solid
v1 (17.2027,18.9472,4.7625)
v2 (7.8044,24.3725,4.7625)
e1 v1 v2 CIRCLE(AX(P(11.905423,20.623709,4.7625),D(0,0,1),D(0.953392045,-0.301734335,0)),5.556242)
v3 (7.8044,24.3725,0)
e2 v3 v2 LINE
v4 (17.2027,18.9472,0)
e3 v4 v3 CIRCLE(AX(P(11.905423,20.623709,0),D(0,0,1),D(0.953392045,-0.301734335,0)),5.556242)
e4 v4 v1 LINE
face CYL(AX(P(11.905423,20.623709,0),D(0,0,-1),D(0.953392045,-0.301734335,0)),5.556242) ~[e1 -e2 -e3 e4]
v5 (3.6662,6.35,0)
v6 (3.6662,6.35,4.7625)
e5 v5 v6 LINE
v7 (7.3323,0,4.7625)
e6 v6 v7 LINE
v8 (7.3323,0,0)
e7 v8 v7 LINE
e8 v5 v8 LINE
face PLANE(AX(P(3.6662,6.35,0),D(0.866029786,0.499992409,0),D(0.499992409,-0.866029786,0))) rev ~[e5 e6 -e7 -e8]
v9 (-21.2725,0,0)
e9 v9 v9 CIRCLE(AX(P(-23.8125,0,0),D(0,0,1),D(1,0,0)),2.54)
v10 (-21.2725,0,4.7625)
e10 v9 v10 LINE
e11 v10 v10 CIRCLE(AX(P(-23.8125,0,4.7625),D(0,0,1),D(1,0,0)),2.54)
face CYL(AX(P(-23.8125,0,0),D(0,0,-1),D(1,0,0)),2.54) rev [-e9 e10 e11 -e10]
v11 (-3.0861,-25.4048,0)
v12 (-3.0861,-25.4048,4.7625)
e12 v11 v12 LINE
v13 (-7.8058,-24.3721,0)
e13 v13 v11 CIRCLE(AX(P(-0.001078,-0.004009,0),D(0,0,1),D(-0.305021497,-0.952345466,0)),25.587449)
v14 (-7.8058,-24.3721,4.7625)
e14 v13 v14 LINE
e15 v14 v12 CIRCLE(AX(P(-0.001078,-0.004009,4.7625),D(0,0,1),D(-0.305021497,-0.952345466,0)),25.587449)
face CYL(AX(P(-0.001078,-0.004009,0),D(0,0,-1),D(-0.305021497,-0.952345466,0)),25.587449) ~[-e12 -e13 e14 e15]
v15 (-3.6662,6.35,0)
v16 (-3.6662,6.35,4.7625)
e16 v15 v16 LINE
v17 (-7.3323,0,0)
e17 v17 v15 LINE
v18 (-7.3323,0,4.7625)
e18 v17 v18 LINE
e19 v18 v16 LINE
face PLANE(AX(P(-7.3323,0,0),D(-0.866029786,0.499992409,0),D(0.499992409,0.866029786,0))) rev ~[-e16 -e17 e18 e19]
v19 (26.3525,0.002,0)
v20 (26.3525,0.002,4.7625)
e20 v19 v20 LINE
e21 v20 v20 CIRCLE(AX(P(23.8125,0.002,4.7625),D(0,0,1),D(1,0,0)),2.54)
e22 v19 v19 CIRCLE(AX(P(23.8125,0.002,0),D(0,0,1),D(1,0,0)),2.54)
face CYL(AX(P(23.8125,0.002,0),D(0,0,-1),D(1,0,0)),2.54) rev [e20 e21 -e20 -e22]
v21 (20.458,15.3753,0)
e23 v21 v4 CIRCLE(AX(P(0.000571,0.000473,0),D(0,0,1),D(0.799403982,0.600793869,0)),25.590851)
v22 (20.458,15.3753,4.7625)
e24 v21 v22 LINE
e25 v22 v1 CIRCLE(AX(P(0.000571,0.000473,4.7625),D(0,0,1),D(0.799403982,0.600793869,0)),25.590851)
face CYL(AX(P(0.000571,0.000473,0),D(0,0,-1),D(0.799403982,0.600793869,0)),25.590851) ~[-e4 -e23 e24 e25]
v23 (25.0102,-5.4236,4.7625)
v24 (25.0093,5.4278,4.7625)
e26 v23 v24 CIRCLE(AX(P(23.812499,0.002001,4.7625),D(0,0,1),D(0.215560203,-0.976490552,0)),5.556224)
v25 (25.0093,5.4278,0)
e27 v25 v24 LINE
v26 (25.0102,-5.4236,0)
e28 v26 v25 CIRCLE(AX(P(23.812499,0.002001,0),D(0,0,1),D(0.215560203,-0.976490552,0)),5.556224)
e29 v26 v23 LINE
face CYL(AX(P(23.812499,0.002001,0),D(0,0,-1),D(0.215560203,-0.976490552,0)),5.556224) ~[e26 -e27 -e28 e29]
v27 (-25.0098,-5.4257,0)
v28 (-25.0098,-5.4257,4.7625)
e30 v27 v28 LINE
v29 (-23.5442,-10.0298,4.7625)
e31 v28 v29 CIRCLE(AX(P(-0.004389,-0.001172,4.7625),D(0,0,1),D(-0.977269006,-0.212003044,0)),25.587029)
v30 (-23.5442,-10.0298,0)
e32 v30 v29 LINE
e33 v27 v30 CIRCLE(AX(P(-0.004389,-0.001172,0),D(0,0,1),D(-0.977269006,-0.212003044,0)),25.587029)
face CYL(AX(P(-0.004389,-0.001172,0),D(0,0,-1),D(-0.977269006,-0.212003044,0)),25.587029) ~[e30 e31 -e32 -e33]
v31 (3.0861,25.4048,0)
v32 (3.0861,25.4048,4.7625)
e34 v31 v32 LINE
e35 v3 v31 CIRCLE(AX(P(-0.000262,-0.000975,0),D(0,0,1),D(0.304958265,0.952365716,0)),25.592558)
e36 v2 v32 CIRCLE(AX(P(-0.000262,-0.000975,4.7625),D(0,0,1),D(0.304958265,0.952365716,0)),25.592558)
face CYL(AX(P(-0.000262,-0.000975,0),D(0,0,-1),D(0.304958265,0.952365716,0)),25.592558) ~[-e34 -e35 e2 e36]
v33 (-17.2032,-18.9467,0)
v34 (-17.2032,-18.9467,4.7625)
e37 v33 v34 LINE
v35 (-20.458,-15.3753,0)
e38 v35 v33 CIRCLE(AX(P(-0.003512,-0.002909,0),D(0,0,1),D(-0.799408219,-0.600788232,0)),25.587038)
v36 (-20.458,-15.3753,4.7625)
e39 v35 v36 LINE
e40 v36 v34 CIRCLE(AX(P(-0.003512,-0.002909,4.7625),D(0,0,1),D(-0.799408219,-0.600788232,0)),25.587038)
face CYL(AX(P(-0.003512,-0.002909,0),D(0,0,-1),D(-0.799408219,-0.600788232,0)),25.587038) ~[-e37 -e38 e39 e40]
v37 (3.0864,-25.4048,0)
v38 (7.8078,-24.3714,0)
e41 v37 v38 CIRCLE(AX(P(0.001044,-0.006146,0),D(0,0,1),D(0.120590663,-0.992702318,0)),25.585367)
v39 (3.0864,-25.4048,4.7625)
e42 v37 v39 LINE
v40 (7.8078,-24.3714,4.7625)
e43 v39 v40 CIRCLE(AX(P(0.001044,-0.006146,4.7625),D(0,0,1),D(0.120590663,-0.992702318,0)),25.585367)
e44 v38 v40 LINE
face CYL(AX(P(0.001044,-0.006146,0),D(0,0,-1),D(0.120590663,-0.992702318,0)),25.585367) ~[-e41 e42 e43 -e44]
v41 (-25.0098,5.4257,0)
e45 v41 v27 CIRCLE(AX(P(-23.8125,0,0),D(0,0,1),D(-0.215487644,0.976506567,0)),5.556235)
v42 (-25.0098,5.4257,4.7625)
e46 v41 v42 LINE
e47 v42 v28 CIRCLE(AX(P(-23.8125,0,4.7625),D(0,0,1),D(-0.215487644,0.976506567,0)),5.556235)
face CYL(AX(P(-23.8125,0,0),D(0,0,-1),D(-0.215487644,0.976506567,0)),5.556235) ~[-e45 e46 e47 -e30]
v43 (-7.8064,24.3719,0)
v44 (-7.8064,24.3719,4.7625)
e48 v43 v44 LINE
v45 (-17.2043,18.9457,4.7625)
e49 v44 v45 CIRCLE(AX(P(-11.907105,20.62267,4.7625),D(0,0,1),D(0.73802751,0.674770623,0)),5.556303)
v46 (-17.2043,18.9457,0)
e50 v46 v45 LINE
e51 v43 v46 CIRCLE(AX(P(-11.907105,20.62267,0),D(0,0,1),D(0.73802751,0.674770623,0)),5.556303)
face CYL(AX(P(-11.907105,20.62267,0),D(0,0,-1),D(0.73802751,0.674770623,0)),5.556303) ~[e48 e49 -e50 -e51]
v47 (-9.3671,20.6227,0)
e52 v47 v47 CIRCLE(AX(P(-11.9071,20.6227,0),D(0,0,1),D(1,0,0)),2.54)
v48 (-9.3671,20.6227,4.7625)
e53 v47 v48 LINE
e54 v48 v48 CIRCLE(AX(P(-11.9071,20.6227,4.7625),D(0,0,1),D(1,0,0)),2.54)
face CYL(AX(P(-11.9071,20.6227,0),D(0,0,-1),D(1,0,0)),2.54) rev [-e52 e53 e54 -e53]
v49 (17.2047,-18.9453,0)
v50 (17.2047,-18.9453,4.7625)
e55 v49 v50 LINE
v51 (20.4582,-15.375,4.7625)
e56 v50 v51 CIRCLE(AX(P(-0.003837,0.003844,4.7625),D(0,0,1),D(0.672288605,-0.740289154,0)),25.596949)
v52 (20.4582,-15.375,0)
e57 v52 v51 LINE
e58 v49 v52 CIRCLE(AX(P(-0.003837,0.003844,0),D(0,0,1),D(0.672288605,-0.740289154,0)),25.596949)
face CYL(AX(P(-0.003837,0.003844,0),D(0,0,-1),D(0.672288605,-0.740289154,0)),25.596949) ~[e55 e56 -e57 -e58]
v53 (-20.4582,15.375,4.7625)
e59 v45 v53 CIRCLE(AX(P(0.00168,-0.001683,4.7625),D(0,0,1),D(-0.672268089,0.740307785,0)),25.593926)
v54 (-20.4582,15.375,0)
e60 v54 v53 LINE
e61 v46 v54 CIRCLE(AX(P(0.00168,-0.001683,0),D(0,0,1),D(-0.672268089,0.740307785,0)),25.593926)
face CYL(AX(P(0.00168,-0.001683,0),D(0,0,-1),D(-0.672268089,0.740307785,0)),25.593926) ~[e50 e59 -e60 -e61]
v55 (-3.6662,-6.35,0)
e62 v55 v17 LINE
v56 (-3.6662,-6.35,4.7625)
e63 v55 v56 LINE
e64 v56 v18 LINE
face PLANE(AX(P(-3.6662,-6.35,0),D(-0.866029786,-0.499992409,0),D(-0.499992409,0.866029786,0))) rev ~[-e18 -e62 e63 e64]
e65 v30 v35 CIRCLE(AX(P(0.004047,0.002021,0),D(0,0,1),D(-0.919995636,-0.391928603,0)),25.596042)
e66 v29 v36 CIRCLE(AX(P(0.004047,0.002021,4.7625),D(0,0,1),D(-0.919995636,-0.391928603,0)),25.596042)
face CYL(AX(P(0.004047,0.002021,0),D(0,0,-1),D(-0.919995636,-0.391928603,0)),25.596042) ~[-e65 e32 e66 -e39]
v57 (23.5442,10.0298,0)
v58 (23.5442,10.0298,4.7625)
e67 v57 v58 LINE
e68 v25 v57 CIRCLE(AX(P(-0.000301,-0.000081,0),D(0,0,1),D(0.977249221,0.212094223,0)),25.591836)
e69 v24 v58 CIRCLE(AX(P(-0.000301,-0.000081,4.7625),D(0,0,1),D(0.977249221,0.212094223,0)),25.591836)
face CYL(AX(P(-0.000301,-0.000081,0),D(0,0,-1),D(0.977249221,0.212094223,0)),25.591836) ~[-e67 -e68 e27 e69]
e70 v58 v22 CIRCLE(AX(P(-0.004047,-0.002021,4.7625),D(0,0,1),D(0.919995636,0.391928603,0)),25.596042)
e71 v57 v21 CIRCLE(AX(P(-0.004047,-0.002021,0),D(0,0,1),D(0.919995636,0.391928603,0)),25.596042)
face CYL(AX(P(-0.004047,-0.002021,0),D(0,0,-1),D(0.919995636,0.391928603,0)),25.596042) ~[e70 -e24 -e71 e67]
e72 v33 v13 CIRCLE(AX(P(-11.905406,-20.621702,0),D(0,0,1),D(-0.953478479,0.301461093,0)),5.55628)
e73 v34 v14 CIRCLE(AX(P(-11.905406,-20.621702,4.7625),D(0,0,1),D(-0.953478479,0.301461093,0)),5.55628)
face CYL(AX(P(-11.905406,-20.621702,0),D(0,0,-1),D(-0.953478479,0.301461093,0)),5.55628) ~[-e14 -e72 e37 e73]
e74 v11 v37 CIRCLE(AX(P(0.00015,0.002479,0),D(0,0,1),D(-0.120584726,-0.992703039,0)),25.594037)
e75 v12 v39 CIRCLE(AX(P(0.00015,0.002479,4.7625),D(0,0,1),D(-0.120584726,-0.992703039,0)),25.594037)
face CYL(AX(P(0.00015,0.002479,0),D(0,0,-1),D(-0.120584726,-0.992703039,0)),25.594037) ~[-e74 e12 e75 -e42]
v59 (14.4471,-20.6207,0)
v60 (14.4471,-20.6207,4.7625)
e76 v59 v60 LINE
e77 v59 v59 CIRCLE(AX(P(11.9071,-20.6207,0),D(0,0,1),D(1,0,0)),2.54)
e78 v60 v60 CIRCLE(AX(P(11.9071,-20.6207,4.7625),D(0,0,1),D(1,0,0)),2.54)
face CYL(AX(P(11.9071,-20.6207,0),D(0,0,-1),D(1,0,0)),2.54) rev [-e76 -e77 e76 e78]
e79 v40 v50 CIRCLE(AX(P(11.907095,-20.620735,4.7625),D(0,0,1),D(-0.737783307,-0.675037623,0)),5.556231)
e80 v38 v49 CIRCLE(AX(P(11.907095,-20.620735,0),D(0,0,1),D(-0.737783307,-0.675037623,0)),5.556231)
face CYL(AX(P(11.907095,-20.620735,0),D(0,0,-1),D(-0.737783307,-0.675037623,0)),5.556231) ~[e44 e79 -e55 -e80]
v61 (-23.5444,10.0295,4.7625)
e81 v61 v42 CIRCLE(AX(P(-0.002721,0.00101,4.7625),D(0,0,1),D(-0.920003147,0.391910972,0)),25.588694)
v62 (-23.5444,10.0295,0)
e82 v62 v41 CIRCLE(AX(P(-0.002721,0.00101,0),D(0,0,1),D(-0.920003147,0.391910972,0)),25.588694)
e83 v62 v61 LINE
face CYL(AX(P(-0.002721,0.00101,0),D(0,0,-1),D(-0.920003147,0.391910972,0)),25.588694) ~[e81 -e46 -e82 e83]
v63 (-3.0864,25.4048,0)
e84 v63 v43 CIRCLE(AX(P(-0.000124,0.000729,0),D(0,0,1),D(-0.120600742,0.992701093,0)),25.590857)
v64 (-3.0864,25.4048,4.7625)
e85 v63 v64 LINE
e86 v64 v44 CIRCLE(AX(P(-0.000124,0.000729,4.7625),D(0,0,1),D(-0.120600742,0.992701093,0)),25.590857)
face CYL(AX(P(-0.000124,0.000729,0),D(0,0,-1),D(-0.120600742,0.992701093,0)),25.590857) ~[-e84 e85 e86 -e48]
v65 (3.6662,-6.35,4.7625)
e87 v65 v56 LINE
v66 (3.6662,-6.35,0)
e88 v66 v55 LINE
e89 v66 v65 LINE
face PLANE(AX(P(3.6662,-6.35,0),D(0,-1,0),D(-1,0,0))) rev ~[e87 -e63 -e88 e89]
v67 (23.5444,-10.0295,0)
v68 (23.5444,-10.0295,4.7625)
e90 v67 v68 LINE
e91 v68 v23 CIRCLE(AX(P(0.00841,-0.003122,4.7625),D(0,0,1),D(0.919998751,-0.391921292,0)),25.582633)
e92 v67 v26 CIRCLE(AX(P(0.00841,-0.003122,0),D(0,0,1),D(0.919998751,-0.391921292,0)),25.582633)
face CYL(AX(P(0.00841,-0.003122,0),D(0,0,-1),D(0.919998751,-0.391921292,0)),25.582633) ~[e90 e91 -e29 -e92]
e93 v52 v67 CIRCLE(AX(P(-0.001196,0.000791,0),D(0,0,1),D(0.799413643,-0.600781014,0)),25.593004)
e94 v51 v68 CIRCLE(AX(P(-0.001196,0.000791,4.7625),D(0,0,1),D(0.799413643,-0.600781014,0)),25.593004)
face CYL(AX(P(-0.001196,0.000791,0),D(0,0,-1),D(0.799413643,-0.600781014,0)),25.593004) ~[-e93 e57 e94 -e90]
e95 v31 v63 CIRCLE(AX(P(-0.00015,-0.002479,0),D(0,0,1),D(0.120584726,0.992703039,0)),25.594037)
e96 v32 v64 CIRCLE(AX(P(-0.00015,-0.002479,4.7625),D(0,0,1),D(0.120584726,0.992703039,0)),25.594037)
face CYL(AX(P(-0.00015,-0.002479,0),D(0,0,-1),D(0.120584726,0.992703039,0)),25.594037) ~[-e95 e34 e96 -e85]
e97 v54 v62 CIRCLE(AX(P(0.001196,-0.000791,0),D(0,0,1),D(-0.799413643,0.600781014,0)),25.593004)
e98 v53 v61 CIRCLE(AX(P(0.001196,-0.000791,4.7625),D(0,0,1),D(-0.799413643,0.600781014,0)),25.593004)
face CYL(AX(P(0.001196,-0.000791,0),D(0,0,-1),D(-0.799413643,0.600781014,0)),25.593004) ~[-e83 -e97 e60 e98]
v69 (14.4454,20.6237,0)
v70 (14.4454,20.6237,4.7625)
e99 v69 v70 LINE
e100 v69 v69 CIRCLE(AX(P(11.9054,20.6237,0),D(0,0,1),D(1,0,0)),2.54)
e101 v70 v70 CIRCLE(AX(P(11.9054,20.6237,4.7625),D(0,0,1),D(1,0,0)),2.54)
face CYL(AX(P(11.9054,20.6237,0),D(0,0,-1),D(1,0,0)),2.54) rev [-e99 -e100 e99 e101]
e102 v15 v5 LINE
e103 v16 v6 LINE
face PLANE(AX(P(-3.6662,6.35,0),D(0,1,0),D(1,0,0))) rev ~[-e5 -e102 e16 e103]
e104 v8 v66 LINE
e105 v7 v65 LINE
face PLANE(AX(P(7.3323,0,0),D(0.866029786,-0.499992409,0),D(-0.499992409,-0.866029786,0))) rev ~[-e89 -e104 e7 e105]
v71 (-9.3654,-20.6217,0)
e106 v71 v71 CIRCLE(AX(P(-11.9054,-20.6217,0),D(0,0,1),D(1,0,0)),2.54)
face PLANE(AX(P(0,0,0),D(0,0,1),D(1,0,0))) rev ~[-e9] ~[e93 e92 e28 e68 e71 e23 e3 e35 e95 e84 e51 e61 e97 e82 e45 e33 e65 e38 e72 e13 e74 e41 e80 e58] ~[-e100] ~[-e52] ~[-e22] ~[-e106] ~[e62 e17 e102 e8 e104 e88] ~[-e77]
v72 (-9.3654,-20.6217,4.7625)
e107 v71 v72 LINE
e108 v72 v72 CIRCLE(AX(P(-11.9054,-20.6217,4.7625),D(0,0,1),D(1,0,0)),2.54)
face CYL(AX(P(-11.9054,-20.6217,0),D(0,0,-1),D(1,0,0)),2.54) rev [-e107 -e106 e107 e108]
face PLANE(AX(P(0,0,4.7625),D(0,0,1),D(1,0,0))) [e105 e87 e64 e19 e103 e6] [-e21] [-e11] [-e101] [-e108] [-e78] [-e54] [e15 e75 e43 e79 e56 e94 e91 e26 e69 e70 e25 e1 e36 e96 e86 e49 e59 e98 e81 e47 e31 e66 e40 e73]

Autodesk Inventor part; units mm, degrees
ref_plane "YZ Plane" through (0, 0, 0) normal (1, 0, 0) x (0, 1, 0)
ref_plane "XZ Plane" through (0, 0, 0) normal (0, 1, 0) x (-1, 0, 0)
ref_plane "XY Plane" through (0, 0, 0) normal (0, 0, 1) x (1, 0, 0)
sketch "Sketch1" plane through (0, 0, 0) normal (0, 0, 1) x (1, 0, 0)
  arc A0 (-7.8064, 24.3719) -> (-17.2043, 18.9457) centre (-11.9071, 20.6227) ccw projected
  arc A1 (-17.2043, 18.9457) -> (-20.4582, 15.375) centre (0, 0) ccw projected
  arc A2 (-17.7043, 15.4859) -> (-20.4582, 15.375) centre (-19.036, 14.3062) ccw construction
  arc A3 (-17.7043, 15.4859) -> (-14.4866, 13.3187) centre (-11.9063, 20.6222) ccw construction
  arc A4 (-13.671, 10.5541) -> (-14.4866, 13.3187) centre (-15.0792, 11.6413) ccw construction
  arc A5 (-13.671, 10.5541) -> (-15.9756, 6.5626) centre (0, 0) ccw construction
  arc A6 (-18.7774, 5.8865) -> (-15.9756, 6.5626) centre (-17.6212, 7.2386) ccw construction
  arc A7 (-18.7774, 5.8865) -> (-22.2633, 7.5891) centre (-23.8116, -0.0005) ccw construction
  arc A8 (-23.5444, 10.0295) -> (-22.2633, 7.5891) centre (-21.9076, 9.3323) ccw construction
  arc A9 (-23.5444, 10.0295) -> (-25.0098, 5.4257) centre (0, 0) ccw projected
  arc A10 (-25.0098, 5.4257) -> (-25.0098, -5.4257) centre (-23.8125, 0) ccw projected
  arc A11 (-25.0098, -5.4257) -> (-23.5442, -10.0298) centre (0, 0) ccw projected
  arc A12 (-22.2633, -7.5894) -> (-23.5442, -10.0298) centre (-21.9075, -9.3326) ccw construction
  arc A13 (-22.2633, -7.5894) -> (-18.7776, -5.8864) centre (-23.8125, 0) ccw construction
  arc A14 (-15.9756, -6.5624) -> (-18.7776, -5.8864) centre (-17.6212, -7.2384) ccw construction
  arc A15 (-15.9756, -6.5624) -> (-13.6711, -10.554) centre (0, 0) ccw construction
  arc A16 (-14.4865, -13.3185) -> (-13.6711, -10.554) centre (-15.0794, -11.6411) ccw construction
  arc A17 (-14.4865, -13.3185) -> (-17.704, -15.486) centre (-11.9054, -20.6217) ccw construction
  arc A18 (-20.458, -15.3753) -> (-17.704, -15.486) centre (-19.0358, -14.3064) ccw construction
  arc A19 (-20.458, -15.3753) -> (-17.2032, -18.9467) centre (0, 0) ccw projected
  arc A20 (-17.2032, -18.9467) -> (-7.8058, -24.3721) centre (-11.9054, -20.6217) ccw projected
  arc A21 (-7.8058, -24.3721) -> (-3.0861, -25.4048) centre (0, 0) ccw projected
  arc A22 (-4.559, -23.0753) -> (-3.0861, -25.4048) centre (-2.8715, -23.6387) ccw construction
  arc A23 (-4.559, -23.0753) -> (-4.291, -19.2051) centre (-11.9062, -20.6222) ccw construction
  arc A24 (-2.3046, -17.1165) -> (-4.291, -19.2051) centre (-2.542, -18.8796) ccw construction
  arc A25 (-2.3046, -17.1165) -> (2.3044, -17.1165) centre (0, 0) ccw construction
  arc A26 (4.2909, -19.2049) -> (2.3044, -17.1165) centre (2.5418, -18.8797) ccw construction
  arc A27 (4.2909, -19.2049) -> (4.5593, -23.0751) centre (11.9062, -20.6212) ccw construction
  arc A28 (3.0864, -25.4048) -> (4.5593, -23.0751) centre (2.8718, -23.6387) ccw construction
  arc A29 (3.0864, -25.4048) -> (7.8078, -24.3714) centre (0, 0) ccw projected
  arc A30 (7.8078, -24.3714) -> (17.2047, -18.9453) centre (11.9071, -20.6207) ccw projected
  arc A31 (17.2047, -18.9453) -> (20.4582, -15.375) centre (0, 0) ccw projected
  arc A32 (17.7043, -15.4859) -> (20.4582, -15.375) centre (19.036, -14.3062) ccw construction
  arc A33 (17.7043, -15.4859) -> (14.4866, -13.3187) centre (11.9063, -20.6222) ccw construction
  arc A34 (13.671, -10.5541) -> (14.4866, -13.3187) centre (15.0792, -11.6413) ccw construction
  arc A35 (13.671, -10.5541) -> (15.9756, -6.5626) centre (0, 0) ccw construction
  arc A36 (18.7774, -5.8865) -> (15.9756, -6.5626) centre (17.6212, -7.2386) ccw construction
  arc A37 (18.7774, -5.8865) -> (22.2633, -7.5891) centre (23.8116, 0.0005) ccw construction
  arc A38 (23.5444, -10.0295) -> (22.2633, -7.5891) centre (21.9076, -9.3323) ccw construction
  arc A39 (23.5444, -10.0295) -> (25.0102, -5.4236) centre (0, 0) ccw projected
  arc A40 (25.0102, -5.4236) -> (25.0093, 5.4278) centre (23.8125, 0.002) ccw projected
  arc A41 (25.0093, 5.4278) -> (23.5442, 10.0298) centre (0, 0) ccw projected
  arc A42 (22.2633, 7.5894) -> (23.5442, 10.0298) centre (21.9075, 9.3326) ccw construction
  arc A43 (22.2633, 7.5894) -> (18.7776, 5.8864) centre (23.8125, 0) ccw construction
  arc A44 (15.9756, 6.5624) -> (18.7776, 5.8864) centre (17.6212, 7.2384) ccw construction
  arc A45 (15.9756, 6.5624) -> (13.6711, 10.554) centre (0, 0) ccw construction
  arc A46 (14.4865, 13.3185) -> (13.6711, 10.554) centre (15.0794, 11.6411) ccw construction
  arc A47 (14.4865, 13.3185) -> (17.704, 15.486) centre (11.9054, 20.6217) ccw construction
  arc A48 (20.458, 15.3753) -> (17.704, 15.486) centre (19.0358, 14.3064) ccw construction
  arc A49 (20.458, 15.3753) -> (17.2027, 18.9472) centre (0, 0) ccw projected
  arc A50 (17.2027, 18.9472) -> (7.8044, 24.3725) centre (11.9054, 20.6237) ccw projected
  arc A51 (7.8044, 24.3725) -> (3.0861, 25.4048) centre (0, 0) ccw projected
  arc A52 (4.559, 23.0753) -> (3.0861, 25.4048) centre (2.8715, 23.6387) ccw construction
  arc A53 (4.559, 23.0753) -> (4.291, 19.2051) centre (11.9062, 20.6222) ccw construction
  arc A54 (2.3046, 17.1165) -> (4.291, 19.2051) centre (2.542, 18.8796) ccw construction
  arc A55 (2.3046, 17.1165) -> (-2.3044, 17.1165) centre (0, 0) ccw construction
  arc A56 (-4.2909, 19.2049) -> (-2.3044, 17.1165) centre (-2.5418, 18.8797) ccw construction
  arc A57 (-4.2909, 19.2049) -> (-4.5593, 23.0751) centre (-11.9062, 20.6212) ccw construction
  arc A58 (-3.0864, 25.4048) -> (-4.5593, 23.0751) centre (-2.8718, 23.6387) ccw construction
  arc A59 (-3.0864, 25.4048) -> (-7.8064, 24.3719) centre (0, 0) ccw projected
  circle A60 centre (-11.9071, 20.6227) radius 2.54 projected
  circle A61 centre (11.9054, 20.6237) radius 2.54 projected
  circle A62 centre (23.8125, 0.002) radius 2.54 projected
  circle A63 centre (11.9071, -20.6207) radius 2.54 projected
  circle A64 centre (-11.9054, -20.6217) radius 2.54 projected
  circle A65 centre (-23.8125, 0) radius 2.54 projected
  circle A66 centre (0, 0) radius 14.2875 construction
  arc A67 (-20.4582, 15.375) -> (-23.5444, 10.0295) centre (0, 0) ccw
  line L0 (7.3323, 0) -> (3.6662, -6.35)
  line L1 (3.6662, -6.35) -> (-3.6662, -6.35)
  line L2 (-3.6662, -6.35) -> (-7.3323, 0)
  line L3 (-7.3323, 0) -> (-3.6662, 6.35)
  line L4 (-3.6662, 6.35) -> (3.6662, 6.35)
  line L5 (3.6662, 6.35) -> (7.3323, 0)
  line L6 (0, 0) -> (7.3323, 0) construction
  arc A68 (3.0861, 25.4048) -> (-3.0864, 25.4048) centre (0, 0) ccw
  arc A69 (23.5442, 10.0298) -> (20.458, 15.3753) centre (0, 0) ccw
  arc A70 (20.4582, -15.375) -> (23.5444, -10.0295) centre (0, 0) ccw
  arc A71 (-3.0861, -25.4048) -> (3.0864, -25.4048) centre (0, 0) ccw
  arc A72 (-23.5442, -10.0298) -> (-20.458, -15.3753) centre (0, 0) ccw
  point P0 (0, 0)
  dimension "d0" = 12.7
extrude "Extrusion1" add sketch "Sketch1" along normal blind 4.7625
properties part number "Custom Belt Pulley Hex Hub" material "Aluminum 6061"
